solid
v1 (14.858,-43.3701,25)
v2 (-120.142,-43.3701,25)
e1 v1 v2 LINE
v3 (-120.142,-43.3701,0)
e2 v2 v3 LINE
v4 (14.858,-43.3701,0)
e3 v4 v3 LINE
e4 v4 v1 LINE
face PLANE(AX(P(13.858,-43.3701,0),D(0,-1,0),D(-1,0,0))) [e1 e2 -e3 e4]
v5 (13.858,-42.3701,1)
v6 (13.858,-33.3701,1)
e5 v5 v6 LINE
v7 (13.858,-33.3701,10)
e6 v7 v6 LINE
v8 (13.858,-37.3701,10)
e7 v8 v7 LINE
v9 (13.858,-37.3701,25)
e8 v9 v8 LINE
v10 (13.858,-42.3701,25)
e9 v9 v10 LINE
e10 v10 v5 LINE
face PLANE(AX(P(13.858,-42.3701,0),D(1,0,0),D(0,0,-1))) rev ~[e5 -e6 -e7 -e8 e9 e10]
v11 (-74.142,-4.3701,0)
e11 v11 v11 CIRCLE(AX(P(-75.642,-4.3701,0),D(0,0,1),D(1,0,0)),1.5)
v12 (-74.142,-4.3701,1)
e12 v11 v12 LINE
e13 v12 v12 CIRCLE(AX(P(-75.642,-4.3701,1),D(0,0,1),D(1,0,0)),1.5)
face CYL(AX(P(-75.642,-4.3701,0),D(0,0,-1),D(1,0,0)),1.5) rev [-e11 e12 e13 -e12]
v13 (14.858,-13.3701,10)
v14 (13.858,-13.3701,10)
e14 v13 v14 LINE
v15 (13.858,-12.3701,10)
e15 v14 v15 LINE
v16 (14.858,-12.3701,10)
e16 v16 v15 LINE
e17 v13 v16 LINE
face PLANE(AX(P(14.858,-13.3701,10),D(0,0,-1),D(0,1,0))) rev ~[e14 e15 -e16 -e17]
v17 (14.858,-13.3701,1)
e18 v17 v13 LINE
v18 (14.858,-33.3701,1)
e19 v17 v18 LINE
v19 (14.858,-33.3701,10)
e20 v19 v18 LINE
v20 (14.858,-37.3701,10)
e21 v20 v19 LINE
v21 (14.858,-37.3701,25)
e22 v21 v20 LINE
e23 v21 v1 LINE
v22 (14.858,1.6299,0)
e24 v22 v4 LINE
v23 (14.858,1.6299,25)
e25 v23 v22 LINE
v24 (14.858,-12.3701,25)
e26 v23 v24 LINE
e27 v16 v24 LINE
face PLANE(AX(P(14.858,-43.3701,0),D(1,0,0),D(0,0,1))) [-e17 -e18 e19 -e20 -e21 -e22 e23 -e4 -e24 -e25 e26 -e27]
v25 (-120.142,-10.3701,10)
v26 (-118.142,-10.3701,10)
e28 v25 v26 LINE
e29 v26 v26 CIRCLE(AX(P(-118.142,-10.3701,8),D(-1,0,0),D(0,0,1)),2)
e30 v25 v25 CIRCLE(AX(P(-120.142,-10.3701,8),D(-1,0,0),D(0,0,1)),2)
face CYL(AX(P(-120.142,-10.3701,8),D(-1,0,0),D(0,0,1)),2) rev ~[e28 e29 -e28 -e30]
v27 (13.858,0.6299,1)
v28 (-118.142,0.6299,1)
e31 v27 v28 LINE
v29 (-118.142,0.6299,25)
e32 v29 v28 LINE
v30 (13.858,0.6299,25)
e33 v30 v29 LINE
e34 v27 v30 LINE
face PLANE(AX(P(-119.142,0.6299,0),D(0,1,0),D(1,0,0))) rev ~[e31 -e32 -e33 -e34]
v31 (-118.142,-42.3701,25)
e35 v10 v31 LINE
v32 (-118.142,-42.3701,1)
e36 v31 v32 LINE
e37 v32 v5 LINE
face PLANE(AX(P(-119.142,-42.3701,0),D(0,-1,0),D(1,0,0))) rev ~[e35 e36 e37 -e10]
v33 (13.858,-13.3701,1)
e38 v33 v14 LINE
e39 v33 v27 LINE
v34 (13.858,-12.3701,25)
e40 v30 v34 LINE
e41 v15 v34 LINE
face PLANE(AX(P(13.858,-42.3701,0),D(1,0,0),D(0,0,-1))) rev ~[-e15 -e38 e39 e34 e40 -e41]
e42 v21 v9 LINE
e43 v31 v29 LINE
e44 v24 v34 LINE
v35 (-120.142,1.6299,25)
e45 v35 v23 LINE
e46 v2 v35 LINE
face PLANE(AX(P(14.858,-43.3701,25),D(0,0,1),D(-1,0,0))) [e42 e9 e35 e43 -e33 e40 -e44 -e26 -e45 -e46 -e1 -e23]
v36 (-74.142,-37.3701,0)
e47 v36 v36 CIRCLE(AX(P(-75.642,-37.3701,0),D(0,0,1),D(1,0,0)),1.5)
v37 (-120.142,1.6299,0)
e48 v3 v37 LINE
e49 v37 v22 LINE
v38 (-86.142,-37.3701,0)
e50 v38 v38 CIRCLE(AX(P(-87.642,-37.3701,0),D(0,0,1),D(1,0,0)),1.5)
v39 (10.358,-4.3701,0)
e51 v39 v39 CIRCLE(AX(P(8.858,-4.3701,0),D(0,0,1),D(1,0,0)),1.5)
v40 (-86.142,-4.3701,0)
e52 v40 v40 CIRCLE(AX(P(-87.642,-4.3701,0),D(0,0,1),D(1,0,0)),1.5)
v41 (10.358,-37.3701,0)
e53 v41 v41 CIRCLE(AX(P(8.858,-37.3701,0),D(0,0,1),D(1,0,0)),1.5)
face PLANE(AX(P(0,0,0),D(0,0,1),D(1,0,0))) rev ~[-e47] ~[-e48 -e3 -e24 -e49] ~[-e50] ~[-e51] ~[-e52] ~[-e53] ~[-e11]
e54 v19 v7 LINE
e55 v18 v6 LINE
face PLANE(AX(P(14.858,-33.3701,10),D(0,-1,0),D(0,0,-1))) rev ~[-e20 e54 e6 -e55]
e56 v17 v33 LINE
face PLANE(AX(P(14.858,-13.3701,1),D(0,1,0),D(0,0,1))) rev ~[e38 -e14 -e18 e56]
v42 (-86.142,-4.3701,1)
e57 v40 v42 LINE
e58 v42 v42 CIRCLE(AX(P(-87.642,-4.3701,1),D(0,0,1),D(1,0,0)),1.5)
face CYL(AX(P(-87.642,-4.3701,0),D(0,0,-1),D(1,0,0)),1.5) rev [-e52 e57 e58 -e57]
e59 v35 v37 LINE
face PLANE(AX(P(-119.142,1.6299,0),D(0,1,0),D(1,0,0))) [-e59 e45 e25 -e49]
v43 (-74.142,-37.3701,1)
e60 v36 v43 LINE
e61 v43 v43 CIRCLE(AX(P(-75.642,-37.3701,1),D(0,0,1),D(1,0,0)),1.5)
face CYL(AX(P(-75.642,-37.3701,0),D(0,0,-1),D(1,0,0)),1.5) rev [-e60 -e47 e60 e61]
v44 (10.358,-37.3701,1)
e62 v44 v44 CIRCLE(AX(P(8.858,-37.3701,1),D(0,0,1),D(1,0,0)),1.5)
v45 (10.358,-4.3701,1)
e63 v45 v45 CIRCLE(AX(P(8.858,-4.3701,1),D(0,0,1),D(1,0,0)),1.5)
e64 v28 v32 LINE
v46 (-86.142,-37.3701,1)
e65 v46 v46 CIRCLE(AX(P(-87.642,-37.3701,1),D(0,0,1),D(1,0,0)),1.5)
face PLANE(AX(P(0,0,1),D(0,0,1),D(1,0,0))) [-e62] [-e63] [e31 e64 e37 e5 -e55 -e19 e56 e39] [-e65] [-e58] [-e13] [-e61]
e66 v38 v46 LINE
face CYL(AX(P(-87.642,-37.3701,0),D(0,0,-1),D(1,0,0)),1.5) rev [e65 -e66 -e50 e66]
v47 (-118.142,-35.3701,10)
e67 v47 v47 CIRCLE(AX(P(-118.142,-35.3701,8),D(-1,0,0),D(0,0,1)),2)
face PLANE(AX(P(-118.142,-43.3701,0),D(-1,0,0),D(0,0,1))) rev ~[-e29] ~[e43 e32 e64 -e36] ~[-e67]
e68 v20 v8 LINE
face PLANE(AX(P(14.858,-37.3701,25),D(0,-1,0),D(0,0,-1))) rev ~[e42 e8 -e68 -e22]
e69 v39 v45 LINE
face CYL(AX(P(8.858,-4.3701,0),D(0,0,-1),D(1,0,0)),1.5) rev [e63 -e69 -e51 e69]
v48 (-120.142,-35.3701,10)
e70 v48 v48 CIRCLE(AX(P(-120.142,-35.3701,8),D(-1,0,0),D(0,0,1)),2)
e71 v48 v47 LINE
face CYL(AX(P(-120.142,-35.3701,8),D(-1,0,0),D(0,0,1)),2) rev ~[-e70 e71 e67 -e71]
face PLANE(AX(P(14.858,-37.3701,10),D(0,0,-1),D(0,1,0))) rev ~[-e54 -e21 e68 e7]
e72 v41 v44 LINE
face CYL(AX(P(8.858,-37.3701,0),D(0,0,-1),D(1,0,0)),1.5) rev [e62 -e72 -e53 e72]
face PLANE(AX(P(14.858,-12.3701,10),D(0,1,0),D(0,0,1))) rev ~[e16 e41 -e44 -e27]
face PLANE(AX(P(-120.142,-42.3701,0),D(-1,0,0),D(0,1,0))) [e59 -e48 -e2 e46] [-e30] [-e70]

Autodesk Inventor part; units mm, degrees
ref_plane "YZ Plane" through (0, 0, 0) normal (1, 0, 0) x (0, 1, 0)
ref_plane "XZ Plane" through (0, 0, 0) normal (0, 1, 0) x (-1, 0, 0)
ref_plane "XY Plane" through (0, 0, 0) normal (0, 0, 1) x (1, 0, 0)
sketch "Sketch1" plane through (0, 0, 0) normal (0, 0, 1) x (1, 0, 0)
  line L0 (-119.142, 1.6299) -> (13.858, 1.6299)
  line L1 (14.858, 0.6299) -> (14.858, -42.3701)
  line L2 (13.858, -43.3701) -> (-119.142, -43.3701)
  line L3 (-120.142, -42.3701) -> (-120.142, 0.6299)
  arc A0 (-119.142, 1.6299) -> (-120.142, 0.6299) centre (-119.142, 0.6299) ccw
  arc A1 (-120.142, -42.3701) -> (-119.142, -43.3701) centre (-119.142, -42.3701) ccw
  arc A2 (13.858, -43.3701) -> (14.858, -42.3701) centre (13.858, -42.3701) ccw
  arc A3 (14.858, 0.6299) -> (13.858, 1.6299) centre (13.858, 0.6299) ccw
  circle A4 centre (8.858, -4.3701) radius 1.5
  circle A5 centre (-87.642, -37.3701) radius 1.5
  circle A6 centre (-75.642, -37.3701) radius 1.5
  circle A7 centre (8.858, -37.3701) radius 1.5
  circle A8 centre (-87.642, -4.3701) radius 1.5
  circle A9 centre (-75.642, -4.3701) radius 1.5
  point P0 (0, 0)
  point P1 (-120.142, 1.6299)
  point P2 (14.858, 1.6299)
  dimension "d0" = 135
  dimension "d2" = 1
  dimension "d3" = 1
  dimension "d7" = 3
  dimension "d8" = 6
  dimension "d9" = 6
  dimension "d10" = 3
  dimension "d11" = 3
  dimension "d14" = 3
  dimension "d15" = 6
  dimension "d16" = 6
  dimension "d17" = 6
  dimension "d18" = 6
  dimension "d19" = 12
  dimension "d20" = 32.5
  dimension "d21" = 3
  dimension "d22" = 3
  dimension "d23" = 6
  dimension "d24" = 6
  dimension "d25" = 32.5
  dimension "d26" = 12
extrude "Extrusion1" add sketch "Sketch1" along normal blind 1
sketch "Sketch2" plane through (14.858, -42.3701, 0) normal (1, 0, 0) x (0, 0, -1)
  line L0 (0, 44) -> (-1, 44) projected
  line L1 (-25, -1) -> (0, -1)
  line L2 (0, -1) -> (0, 44)
  line L3 (0, 44) -> (-25, 44)
  line L4 (-25, 44) -> (-25, -1)
  line L5 (0, 0) -> (0, -1) projected
  line L6 (0, -1) -> (-10, -1)
  line L7 (-10, -1) -> (-10, 44)
  line L8 (-10, 44) -> (0, 44)
  line L9 (0, 44) -> (0, -1)
  line L10 (0, -1) -> (-1, -1)
  line L11 (-1, -1) -> (-1, 44)
  line L12 (-1, 44) -> (0, 44)
  line L13 (0, 44) -> (0, -1)
  line L14 (-1, 0) -> (-1, 43) projected
  line L15 (-10, 9) -> (-1, 9)
  line L16 (-1, 9) -> (-1, 29)
  line L17 (-1, 29) -> (-10, 29)
  line L18 (-10, 29) -> (-10, 9)
  line L19 (-25, 5) -> (-10, 5)
  line L20 (-10, 5) -> (-10, 30)
  line L21 (-10, 30) -> (-25, 30)
  line L22 (-25, 30) -> (-25, 5)
  point P0 (0, 42.3701)
  point P1 (-1, 9)
  dimension "d29" = 25
  dimension "d30" = 10
  dimension "d31" = 10
  dimension "d32" = 20
  dimension "d33" = 6
  dimension "d34" = 25
extrude "Extrusion2" add sketch "Sketch2" against normal blind 1 contours L11 L17 L7 L3 | L7 L21 L4 L3 | L1 L7 L15 L11 | L1 L4 L19 L7
sketch "Sketch3" plane through (-119.142, -43.3701, 0) normal (0, -1, 0) x (1, 0, 0)
  line L0 (0, 0) -> (-1, 0) projected
  line L1 (134, 25) -> (134, 10) projected
  line L2 (-1, 0) -> (134, 0)
  line L3 (134, 0) -> (134, 25)
  line L4 (134, 25) -> (-1, 25)
  line L5 (-1, 25) -> (-1, 0)
  point P0 (119.142, 0)
extrude "Extrusion3" add sketch "Sketch3" against normal blind 1
sketch "Sketch4" plane through (-119.142, 1.6299, 0) normal (0, 1, 0) x (1, 0, 0)
  line L0 (134, -25) -> (134, -10) projected
  line L1 (-1, 0) -> (-1, -1) projected
  line L2 (134, -25) -> (-1, -25)
  line L3 (-1, -25) -> (-1, 0)
  line L4 (-1, 0) -> (134, 0)
  line L5 (134, 0) -> (134, -25)
  point P0 (119.142, 0)
sketch "Sketch5" plane through (-120.142, -43.3701, 0) normal (-1, 0, 0) x (0, 0, 1)
  line L0 (25, 45) -> (1, 45) projected
  line L1 (0, 44) -> (0, 0) projected
  line L2 (25, 45) -> (0, 45)
  line L3 (0, 45) -> (0, 0)
  line L4 (0, 0) -> (25, 0)
  line L5 (25, 0) -> (25, 45)
  circle A0 centre (8, 33) radius 2
  circle A1 centre (8, 8) radius 2
  point P0 (0, 43.3701)
  point P1 (1, 45)
  dimension "d39" = 25
  dimension "d40" = 12
  dimension "d42" = 8
  dimension "d47" = 4
  dimension "d48" = 4
  dimension "d49" = 8
extrude "Extrusion4" add sketch "Sketch5" against normal blind 2
extrude "Extrusion5" add sketch "Sketch4" against normal blind 1
properties part number "arduino mould"
